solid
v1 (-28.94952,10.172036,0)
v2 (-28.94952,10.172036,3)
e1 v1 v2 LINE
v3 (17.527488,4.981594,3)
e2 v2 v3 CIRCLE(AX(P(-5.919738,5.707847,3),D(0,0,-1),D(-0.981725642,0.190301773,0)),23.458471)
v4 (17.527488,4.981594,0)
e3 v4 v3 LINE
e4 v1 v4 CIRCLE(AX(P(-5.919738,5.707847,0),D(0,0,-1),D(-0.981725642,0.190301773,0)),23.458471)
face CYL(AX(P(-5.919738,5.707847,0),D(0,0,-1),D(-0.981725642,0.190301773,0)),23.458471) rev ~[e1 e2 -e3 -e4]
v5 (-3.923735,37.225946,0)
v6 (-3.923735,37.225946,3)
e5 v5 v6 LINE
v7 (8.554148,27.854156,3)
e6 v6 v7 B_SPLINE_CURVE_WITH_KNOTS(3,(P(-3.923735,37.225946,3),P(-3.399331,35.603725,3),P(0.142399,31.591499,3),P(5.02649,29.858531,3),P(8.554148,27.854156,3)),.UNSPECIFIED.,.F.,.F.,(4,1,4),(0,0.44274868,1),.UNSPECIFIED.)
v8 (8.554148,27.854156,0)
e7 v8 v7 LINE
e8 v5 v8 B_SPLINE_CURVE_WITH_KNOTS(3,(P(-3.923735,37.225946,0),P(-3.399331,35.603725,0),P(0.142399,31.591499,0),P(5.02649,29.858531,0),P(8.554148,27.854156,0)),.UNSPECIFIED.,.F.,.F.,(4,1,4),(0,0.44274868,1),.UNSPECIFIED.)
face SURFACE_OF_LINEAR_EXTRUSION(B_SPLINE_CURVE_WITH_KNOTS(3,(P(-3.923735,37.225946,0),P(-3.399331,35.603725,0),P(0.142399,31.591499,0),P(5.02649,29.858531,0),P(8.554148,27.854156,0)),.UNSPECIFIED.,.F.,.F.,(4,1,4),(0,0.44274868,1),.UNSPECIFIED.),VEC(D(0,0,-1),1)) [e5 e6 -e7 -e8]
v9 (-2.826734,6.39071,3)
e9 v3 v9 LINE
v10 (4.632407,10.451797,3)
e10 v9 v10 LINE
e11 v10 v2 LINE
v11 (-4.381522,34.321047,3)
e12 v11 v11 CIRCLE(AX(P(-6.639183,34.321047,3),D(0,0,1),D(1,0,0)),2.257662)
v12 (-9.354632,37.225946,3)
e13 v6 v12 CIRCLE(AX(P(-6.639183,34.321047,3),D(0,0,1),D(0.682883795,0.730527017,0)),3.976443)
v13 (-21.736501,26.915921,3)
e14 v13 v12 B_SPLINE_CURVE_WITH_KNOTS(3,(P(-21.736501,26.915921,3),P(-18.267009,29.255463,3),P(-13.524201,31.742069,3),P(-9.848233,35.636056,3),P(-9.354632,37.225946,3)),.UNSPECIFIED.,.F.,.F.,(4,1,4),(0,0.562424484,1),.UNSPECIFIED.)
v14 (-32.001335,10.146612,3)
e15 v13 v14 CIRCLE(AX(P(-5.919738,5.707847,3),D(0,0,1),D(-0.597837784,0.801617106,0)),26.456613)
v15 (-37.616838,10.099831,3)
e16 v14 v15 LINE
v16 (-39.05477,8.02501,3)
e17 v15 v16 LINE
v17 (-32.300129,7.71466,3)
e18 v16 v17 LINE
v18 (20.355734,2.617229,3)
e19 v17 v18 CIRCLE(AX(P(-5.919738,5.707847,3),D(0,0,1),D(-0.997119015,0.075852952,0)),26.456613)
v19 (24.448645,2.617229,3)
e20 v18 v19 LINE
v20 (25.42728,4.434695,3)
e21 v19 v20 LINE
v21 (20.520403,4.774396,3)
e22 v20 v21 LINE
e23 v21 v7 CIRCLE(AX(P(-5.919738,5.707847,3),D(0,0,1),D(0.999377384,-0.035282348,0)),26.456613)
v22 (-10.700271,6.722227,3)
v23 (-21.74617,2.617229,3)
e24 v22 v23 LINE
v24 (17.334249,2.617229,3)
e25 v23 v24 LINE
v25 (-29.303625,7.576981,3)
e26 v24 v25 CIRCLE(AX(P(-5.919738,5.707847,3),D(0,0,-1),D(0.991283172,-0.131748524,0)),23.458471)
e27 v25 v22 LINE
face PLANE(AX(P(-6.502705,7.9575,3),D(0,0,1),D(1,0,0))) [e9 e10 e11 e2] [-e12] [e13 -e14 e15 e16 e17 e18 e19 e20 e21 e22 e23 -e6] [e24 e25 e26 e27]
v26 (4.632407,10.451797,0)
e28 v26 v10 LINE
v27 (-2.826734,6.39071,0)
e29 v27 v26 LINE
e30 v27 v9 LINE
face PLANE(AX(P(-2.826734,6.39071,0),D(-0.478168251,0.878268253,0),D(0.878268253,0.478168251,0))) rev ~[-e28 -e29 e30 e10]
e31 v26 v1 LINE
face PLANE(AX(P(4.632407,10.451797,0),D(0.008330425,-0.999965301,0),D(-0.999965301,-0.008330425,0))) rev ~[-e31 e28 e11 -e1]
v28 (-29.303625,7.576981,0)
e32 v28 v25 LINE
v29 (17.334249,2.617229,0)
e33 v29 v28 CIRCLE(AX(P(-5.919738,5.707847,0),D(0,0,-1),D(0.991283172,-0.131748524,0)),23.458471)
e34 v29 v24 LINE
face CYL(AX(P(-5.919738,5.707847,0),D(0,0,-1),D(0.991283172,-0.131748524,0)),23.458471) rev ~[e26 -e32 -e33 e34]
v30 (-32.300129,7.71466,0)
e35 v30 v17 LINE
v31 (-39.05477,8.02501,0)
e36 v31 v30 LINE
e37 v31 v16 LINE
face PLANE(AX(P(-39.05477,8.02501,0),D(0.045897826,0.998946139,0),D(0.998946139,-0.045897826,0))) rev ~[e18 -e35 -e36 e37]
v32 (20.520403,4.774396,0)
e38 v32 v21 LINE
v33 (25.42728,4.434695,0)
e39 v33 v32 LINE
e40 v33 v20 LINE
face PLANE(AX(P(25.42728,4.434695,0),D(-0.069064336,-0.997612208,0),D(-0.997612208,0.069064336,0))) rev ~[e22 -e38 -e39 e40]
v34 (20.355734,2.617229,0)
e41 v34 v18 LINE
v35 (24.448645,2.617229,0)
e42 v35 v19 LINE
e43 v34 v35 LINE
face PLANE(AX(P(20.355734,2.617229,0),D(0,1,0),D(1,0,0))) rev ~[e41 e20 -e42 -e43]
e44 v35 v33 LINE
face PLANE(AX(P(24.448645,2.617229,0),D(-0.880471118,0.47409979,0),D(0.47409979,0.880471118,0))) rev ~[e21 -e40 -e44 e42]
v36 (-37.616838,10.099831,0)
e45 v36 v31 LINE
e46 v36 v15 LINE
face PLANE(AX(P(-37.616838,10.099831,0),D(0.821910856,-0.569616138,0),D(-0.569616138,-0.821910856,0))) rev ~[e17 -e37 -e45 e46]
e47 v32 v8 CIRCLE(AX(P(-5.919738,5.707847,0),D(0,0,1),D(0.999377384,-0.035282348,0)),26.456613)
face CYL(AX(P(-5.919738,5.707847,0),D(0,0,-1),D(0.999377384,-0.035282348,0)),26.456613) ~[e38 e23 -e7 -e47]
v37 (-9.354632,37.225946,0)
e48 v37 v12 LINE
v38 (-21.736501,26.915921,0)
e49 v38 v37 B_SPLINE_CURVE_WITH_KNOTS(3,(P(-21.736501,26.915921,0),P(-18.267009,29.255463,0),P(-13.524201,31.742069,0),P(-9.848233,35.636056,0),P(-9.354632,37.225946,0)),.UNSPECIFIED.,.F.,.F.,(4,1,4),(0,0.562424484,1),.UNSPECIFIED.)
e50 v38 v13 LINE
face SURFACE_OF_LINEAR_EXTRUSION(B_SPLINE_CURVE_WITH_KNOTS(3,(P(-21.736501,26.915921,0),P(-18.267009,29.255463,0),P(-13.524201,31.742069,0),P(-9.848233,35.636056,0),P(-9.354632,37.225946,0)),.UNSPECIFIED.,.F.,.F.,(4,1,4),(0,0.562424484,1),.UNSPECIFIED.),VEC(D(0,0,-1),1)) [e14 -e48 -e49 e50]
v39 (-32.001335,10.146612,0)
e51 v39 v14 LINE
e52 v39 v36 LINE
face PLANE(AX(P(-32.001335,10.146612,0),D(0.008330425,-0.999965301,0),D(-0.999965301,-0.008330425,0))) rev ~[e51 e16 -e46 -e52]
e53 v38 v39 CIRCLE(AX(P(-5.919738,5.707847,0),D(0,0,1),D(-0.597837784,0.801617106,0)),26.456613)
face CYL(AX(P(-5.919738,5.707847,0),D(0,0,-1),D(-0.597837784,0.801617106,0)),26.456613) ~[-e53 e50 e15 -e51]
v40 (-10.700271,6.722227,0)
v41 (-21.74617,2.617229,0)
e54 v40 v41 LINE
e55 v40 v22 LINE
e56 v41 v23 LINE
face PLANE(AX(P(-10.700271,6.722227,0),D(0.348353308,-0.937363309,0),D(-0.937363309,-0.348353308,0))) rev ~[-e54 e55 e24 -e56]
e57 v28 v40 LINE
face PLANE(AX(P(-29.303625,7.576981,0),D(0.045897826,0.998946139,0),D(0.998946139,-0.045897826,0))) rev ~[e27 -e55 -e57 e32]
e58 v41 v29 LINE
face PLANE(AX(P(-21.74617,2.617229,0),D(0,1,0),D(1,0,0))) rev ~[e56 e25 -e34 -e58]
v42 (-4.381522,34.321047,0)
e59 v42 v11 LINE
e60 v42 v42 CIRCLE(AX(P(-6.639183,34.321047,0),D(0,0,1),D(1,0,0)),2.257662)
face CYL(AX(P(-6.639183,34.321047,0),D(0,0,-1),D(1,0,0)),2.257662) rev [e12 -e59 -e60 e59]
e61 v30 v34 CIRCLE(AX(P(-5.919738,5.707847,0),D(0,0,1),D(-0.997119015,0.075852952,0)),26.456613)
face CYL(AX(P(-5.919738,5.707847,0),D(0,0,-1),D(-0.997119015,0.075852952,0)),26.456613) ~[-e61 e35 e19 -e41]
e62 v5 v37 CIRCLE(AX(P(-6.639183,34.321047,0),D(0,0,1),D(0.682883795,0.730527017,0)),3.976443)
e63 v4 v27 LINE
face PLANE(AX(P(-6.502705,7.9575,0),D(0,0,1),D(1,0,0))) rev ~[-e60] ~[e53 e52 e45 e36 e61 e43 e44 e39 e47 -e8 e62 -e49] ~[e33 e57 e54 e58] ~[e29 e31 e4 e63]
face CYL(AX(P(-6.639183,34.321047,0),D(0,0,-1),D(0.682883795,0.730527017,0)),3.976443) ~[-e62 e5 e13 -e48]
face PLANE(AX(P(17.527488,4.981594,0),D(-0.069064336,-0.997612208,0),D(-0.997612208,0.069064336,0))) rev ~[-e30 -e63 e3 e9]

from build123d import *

# Parameters (mm, degrees)
F0_R     = 2.2576616117
F1_DEPTH = 3


with BuildPart() as f1:
    # F0 (on Top) → F1 (new body)
    with BuildSketch(Plane.XY):
        with BuildLine():
            Line((-37.6168382909, 10.099831016), (-39.0547698315, 8.0250099815))
            Line((-39.0547698315, 8.0250099815), (-32.3001294733, 7.7146596092))
            ThreePointArc((-32.3001294733, 7.7146596092), (-8.4689931024, -20.6256608953), (20.3557344343, 2.6172285434))
            Line((20.3557344343, 2.6172285434), (24.4486447446, 2.6172285434))
            Line((24.4486447446, 2.6172285434), (25.4272802401, 4.4346946262))
            Line((25.4272802401, 4.4346946262), (20.520402794, 4.7743959944))
            ThreePointArc((20.520402794, 4.7743959944), (17.5676678126, 17.8854557009), (8.5541479835, 27.8541562575))
            add(Edge.make_bspline(
                [(-3.9237352194, 37.2259461852), (-3.3993307991, 35.6037251818), (0.1423992503, 31.5914985093), (5.0264903455, 29.8585310839), (8.5541479835, 27.8541562575)],
                knots=[0, 0, 0, 0, 0.4427486795, 1, 1, 1, 1], degree=3))
            ThreePointArc((-3.9237352194, 37.2259461852), (-6.6391834989, 38.2974900612), (-9.3546317784, 37.2259461852))
            add(Edge.make_bspline(
                [(-21.7365005318, 26.9159208339), (-18.2670087014, 29.2554629144), (-13.524201323, 31.7420694385), (-9.8482329315, 35.6360561483), (-9.3546317784, 37.2259461852)],
                knots=[0, 0, 0, 0, 0.5624244843, 1, 1, 1, 1], degree=3))
            ThreePointArc((-21.7365005318, 26.9159208339), (-28.4845461397, 19.5202253849), (-32.0013352888, 10.1466121657))
            Line((-32.0013352888, 10.1466121657), (-37.6168382909, 10.099831016))
        make_face()
        with BuildLine():
            ThreePointArc((17.334249449, 2.6172285434), (-8.4004646093, -17.6190863582), (-29.3036249968, 7.5769814753))
            Line((-29.3036249968, 7.5769814753), (-10.7002714649, 6.7222272046))
            Line((-10.7002714649, 6.7222272046), (-21.7461695187, 2.6172285434))
            Line((-21.7461695187, 2.6172285434), (17.334249449, 2.6172285434))
        make_face(mode=Mode.SUBTRACT)
        with BuildLine():
            Line((17.5274881467, 4.9815944036), (-2.8267337475, 6.3907098956))
            Line((-2.8267337475, 6.3907098956), (4.632406868, 10.4517973959))
            Line((4.632406868, 10.4517973959), (-28.949519892, 10.1720359671))
            ThreePointArc((-28.949519892, 10.1720359671), (-3.3161372104, 29.0213866102), (17.5274881467, 4.9815944036))
        make_face(mode=Mode.SUBTRACT)
        with Locations((-6.6391834989, 34.3210473657)):
            Circle(F0_R, mode=Mode.SUBTRACT)
    extrude(amount=F1_DEPTH)


solid = f1.part
